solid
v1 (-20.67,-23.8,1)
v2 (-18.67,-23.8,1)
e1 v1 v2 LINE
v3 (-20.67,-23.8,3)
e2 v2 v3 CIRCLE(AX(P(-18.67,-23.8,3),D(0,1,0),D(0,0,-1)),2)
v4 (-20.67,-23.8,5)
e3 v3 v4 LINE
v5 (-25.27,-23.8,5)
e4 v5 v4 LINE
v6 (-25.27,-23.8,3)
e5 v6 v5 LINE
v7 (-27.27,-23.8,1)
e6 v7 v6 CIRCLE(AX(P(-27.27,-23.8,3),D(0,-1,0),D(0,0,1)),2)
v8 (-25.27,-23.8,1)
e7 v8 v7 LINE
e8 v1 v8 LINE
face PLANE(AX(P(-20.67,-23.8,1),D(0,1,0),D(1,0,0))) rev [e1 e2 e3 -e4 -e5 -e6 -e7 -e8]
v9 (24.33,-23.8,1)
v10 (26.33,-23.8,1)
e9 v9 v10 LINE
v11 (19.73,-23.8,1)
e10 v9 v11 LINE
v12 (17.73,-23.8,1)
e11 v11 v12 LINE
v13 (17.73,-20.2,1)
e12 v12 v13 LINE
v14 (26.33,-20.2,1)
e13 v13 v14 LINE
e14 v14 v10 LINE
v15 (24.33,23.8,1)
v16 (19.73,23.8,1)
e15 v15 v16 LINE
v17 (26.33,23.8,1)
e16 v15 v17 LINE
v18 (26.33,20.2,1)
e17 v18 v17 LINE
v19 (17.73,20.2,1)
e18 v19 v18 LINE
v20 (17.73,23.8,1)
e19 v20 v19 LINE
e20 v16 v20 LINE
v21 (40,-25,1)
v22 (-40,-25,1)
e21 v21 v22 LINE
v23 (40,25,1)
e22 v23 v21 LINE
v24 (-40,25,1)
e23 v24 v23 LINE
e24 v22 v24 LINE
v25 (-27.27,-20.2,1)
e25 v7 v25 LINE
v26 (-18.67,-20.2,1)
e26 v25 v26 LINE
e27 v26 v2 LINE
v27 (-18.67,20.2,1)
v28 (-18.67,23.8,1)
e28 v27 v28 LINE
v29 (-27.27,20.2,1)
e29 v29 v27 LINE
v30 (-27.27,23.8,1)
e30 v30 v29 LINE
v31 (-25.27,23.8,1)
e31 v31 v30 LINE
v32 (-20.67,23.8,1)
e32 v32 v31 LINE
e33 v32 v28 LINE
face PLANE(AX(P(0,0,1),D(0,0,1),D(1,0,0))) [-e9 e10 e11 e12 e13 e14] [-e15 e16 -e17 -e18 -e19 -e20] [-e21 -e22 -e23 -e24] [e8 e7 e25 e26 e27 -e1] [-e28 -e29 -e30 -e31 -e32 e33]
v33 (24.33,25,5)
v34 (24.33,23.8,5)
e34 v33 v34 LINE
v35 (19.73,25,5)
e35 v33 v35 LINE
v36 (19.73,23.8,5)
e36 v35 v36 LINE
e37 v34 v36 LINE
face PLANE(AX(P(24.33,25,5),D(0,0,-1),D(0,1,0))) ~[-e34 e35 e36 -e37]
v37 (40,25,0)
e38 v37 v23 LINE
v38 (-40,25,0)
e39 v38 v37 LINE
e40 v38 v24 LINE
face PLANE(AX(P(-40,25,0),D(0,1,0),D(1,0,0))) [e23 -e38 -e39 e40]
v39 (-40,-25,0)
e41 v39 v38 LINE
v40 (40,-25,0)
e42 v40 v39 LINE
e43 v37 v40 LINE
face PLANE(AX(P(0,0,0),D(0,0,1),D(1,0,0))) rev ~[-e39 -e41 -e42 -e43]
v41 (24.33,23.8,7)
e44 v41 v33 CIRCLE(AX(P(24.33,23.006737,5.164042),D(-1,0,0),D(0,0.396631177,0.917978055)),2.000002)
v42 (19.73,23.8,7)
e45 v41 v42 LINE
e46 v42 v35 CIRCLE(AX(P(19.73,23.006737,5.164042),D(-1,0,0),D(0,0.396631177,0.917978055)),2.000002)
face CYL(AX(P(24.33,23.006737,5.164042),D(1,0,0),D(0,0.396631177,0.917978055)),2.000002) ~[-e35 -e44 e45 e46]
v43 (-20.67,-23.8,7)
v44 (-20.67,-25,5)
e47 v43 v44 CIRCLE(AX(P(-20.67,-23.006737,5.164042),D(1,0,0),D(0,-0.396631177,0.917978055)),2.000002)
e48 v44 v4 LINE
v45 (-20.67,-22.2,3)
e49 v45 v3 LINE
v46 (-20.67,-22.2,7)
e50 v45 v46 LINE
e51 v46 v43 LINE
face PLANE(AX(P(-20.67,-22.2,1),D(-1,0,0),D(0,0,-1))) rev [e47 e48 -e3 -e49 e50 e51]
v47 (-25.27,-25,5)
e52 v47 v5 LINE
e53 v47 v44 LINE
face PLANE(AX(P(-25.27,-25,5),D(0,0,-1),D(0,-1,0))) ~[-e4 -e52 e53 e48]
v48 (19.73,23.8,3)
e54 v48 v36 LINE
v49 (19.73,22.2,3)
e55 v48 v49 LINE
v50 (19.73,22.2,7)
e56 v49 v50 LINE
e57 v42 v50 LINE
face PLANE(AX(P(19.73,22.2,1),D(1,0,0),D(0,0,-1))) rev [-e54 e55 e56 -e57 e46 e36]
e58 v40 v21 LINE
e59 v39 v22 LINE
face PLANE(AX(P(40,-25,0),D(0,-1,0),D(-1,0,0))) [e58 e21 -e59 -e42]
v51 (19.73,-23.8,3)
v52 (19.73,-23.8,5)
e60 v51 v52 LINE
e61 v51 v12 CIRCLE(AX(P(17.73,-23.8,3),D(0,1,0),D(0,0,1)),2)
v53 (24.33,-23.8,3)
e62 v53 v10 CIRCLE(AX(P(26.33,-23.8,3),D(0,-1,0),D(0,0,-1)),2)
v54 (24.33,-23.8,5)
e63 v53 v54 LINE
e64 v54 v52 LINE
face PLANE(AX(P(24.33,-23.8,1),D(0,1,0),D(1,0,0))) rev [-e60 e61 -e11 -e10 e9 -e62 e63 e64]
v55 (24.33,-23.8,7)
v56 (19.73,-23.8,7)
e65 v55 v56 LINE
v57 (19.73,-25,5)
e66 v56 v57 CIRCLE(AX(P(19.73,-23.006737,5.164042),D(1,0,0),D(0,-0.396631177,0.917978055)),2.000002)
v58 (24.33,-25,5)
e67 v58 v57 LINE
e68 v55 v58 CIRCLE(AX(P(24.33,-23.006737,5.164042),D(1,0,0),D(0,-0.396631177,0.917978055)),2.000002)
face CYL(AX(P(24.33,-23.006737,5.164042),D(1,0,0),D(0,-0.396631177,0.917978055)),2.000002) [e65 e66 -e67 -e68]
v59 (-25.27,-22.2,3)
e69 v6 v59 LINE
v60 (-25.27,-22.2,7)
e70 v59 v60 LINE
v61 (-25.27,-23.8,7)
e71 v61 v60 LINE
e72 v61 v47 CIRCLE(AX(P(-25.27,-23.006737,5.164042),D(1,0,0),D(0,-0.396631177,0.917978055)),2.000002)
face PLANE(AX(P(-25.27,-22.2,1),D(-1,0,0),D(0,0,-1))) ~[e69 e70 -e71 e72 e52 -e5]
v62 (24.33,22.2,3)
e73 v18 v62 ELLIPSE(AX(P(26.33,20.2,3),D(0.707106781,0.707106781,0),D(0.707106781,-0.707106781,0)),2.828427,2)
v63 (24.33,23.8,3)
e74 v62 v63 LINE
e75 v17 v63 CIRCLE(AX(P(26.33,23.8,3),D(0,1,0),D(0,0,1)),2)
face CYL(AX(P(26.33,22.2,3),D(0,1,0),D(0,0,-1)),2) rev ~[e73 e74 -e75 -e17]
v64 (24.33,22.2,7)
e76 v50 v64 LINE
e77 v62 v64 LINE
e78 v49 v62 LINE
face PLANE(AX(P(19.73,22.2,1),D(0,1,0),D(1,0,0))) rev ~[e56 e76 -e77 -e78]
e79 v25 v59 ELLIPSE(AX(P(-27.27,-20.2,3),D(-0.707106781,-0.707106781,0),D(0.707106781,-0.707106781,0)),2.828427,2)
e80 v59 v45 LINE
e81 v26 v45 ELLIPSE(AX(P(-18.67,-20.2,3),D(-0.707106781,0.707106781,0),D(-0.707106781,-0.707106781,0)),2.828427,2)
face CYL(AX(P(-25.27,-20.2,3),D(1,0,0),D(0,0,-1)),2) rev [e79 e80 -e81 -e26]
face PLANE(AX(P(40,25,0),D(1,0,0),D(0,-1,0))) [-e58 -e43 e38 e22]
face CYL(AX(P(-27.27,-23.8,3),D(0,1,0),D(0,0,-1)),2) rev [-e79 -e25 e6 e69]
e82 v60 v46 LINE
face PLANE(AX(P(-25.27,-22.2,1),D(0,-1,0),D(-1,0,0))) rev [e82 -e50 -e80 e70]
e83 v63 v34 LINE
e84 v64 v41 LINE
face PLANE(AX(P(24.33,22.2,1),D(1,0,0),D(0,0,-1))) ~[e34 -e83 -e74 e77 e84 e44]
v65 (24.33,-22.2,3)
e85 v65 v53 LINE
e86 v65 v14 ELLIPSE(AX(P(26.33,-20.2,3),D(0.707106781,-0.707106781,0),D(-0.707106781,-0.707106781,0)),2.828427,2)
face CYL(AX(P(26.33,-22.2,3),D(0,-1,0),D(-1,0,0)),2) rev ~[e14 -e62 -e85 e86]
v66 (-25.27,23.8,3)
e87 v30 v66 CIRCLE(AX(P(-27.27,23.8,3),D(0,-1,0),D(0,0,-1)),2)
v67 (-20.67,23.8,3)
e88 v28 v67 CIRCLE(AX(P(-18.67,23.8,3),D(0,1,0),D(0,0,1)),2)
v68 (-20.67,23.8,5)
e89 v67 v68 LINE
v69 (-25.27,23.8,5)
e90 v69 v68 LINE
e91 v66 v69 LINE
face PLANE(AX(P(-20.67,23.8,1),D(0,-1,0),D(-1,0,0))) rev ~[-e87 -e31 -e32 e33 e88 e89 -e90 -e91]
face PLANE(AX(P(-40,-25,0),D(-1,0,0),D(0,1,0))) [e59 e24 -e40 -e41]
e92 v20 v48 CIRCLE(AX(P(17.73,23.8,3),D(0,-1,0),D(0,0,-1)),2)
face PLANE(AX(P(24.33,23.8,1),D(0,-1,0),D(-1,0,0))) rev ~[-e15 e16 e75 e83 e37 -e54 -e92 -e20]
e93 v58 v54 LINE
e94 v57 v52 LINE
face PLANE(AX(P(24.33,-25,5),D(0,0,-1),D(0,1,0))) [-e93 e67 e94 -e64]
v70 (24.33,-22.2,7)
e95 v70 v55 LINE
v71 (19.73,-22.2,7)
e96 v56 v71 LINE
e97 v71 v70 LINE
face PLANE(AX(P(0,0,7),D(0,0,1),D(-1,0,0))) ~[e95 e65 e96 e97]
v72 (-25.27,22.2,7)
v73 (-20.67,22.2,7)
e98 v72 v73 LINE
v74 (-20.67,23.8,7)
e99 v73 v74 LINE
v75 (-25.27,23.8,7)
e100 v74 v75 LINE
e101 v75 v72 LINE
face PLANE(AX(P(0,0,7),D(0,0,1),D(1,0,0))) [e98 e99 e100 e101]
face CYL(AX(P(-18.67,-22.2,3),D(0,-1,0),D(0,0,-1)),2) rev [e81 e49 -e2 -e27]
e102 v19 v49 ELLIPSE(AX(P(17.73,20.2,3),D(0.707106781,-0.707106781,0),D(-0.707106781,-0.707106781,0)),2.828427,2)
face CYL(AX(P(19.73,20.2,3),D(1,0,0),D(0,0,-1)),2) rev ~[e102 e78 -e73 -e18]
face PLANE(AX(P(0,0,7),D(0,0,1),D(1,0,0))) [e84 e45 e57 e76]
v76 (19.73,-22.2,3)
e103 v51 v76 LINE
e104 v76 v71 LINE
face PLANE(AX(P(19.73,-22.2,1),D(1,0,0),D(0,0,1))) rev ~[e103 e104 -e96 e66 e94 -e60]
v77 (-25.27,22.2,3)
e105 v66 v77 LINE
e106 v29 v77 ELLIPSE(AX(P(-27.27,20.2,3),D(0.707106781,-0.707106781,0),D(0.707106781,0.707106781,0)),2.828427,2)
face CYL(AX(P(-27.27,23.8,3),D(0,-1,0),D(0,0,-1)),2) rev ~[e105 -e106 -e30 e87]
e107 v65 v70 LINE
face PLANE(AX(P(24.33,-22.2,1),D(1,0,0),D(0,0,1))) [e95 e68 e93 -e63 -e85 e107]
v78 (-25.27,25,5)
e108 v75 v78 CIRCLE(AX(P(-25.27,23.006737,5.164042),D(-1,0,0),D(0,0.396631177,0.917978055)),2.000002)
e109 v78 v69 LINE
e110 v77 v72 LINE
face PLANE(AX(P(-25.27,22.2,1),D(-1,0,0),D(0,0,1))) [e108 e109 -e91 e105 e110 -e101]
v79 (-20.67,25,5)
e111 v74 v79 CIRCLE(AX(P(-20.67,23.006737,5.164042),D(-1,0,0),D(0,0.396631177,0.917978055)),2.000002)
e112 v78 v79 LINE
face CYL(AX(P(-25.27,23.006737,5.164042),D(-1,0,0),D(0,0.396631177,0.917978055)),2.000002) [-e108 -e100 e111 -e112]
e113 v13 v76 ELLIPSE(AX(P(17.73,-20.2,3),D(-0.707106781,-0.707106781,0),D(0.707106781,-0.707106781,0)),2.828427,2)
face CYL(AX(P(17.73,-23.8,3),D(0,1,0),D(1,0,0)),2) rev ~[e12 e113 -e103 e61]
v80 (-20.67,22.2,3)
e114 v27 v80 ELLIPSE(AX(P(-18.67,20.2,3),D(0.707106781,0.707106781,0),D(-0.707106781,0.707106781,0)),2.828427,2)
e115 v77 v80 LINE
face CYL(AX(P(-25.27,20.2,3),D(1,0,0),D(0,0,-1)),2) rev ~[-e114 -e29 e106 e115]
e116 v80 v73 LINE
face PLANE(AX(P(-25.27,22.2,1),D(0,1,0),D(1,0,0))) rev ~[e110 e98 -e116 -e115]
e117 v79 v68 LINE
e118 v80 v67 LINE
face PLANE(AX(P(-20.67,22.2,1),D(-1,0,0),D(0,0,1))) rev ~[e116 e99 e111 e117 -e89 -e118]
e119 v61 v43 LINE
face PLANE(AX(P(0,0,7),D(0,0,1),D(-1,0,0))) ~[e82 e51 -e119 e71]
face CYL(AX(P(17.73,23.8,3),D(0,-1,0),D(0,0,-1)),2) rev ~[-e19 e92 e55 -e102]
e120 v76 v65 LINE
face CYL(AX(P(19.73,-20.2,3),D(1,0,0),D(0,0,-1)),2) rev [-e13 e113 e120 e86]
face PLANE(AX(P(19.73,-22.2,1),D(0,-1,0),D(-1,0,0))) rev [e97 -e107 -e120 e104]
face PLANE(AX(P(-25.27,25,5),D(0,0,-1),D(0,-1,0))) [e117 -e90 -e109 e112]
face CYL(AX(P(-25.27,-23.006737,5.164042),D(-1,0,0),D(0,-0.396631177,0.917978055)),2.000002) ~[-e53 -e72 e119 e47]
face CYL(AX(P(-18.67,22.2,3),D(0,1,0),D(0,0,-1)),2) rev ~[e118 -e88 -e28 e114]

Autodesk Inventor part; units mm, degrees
ref_plane "YZ Plane" through (0, 0, 0) normal (1, 0, 0) x (0, 1, 0)
ref_plane "XZ Plane" through (0, 0, 0) normal (0, 1, 0) x (-1, 0, 0)
sketch "Sketch1" plane through (0, 0, 0) normal (0, 0, 1) x (1, 0, 0)
  line L0 (0, 10.3664) -> (0, -9.7905)
  line L1 (-11.2303, 0) -> (9.7082, 0)
  line L2 (-40, 25) -> (40, 25)
  line L3 (40, 25) -> (40, -25)
  line L4 (40, -25) -> (-40, -25)
  line L5 (-40, -25) -> (-40, 25)
  point P0 (0, 0)
  dimension "d0" = 80
  dimension "d1" = 50
extrude "Extrusion1" add sketch "Sketch1" along normal blind 1
sketch "Sketch2" plane through (0, 0, 1) normal (0, 0, 1) x (1, 0, 0)
  line L0 (-25.47, 29.9826) -> (-25.47, 14.8936)
  line L1 (-40, 25) -> (-40, -25) projected
  line L2 (-20.47, 29.2374) -> (-20.47, 19.4575)
  line L3 (19.53, 30.5414) -> (19.53, 15.3593)
  line L4 (40, -25) -> (40, 25) projected
  line L5 (24.53, 28.7717) -> (24.53, 17.8741)
  line L6 (-43.5467, 24) -> (46.149, 24)
  line L7 (40, 25) -> (-40, 25) projected
  line L8 (-25.47, 24) -> (-20.47, 24)
  line L9 (-20.47, 24) -> (-20.47, 22)
  line L10 (-20.47, 22) -> (-25.47, 22)
  line L11 (-25.47, 22) -> (-25.47, 24)
  line L12 (-25.27, 22.2) -> (-20.67, 22.2)
  line L13 (-20.67, 22.2) -> (-20.67, 23.8)
  line L14 (-20.67, 23.8) -> (-25.27, 23.8)
  line L15 (-25.27, 23.8) -> (-25.27, 22.2)
  line L16 (19.53, 24) -> (24.53, 24)
  line L17 (24.53, 24) -> (24.53, 22)
  line L18 (24.53, 22) -> (19.53, 22)
  line L19 (19.53, 22) -> (19.53, 24)
  line L20 (19.73, 22.2) -> (24.33, 22.2)
  line L21 (24.33, 22.2) -> (24.33, 23.8)
  line L22 (24.33, 23.8) -> (19.73, 23.8)
  line L23 (19.73, 23.8) -> (19.73, 22.2)
  point P0 (0, 0)
  dimension "d4" = 14.53
  dimension "d5" = 19.53
  dimension "d6" = 20.47
  dimension "d7" = 15.47
  dimension "d8" = 1
  dimension "d9" = 4
  dimension "d10" = 0.2
  dimension "d11" = 4
  dimension "d12" = 0.2
extrude "Extrusion2" add sketch "Sketch2" along normal blind 6 contours L15 L14 L13 L12 | L23 L22 L21 L20
sketch "Sketch4" plane through (-25.27, 22.2, 1) normal (-1, 0, 0) x (0, 0, 1)
  line L0 (0, 1.6) -> (6, 1.6) projected
  arc A0 (6, 1.6) -> (4, 2.8) centre (4.164, 0.8067) ccw
  line L1 (6, 1.6) -> (6, 0) projected
  line L2 (4, 2.8) -> (4, 1.6)
  line L3 (4, 1.6) -> (6, 1.6)
  point P0 (-1, -22.2)
  dimension "d15" = 1.2
  dimension "d16" = 2
  dimension "d17" = 2
extrude "Extrusion3" add sketch "Sketch4" against normal up to surface (4.6 mm away)
ref_plane "Work Plane1" through (-0.47, 22.2, 1) normal (-1, 0, 0) x (0, 0, 1)
mirror "Mirror2" about plane through (0, 0, 0) normal (0, 1, 0) of "Extrusion3", "Extrusion2"
mirror "Mirror1" about plane through (-0.47, 22.2, 1) normal (-1, 0, 0) of "Extrusion3", "Extrusion2", "Mirror2"
fillet "Fillet1" radius 2 12 edges at (-20.67, -23, 1) (-22.97, -22.2, 1) (-25.27, -23, 1) (24.33, -23, 1) (22.03, -22.2, 1) (19.73, -23, 1) (19.73, 23, 1) (22.03, 22.2, 1) (24.33, 23, 1) (-20.67, 23, 1) (-22.97, 22.2, 1) (-25.27, 23, 1)
properties part number "cover"
